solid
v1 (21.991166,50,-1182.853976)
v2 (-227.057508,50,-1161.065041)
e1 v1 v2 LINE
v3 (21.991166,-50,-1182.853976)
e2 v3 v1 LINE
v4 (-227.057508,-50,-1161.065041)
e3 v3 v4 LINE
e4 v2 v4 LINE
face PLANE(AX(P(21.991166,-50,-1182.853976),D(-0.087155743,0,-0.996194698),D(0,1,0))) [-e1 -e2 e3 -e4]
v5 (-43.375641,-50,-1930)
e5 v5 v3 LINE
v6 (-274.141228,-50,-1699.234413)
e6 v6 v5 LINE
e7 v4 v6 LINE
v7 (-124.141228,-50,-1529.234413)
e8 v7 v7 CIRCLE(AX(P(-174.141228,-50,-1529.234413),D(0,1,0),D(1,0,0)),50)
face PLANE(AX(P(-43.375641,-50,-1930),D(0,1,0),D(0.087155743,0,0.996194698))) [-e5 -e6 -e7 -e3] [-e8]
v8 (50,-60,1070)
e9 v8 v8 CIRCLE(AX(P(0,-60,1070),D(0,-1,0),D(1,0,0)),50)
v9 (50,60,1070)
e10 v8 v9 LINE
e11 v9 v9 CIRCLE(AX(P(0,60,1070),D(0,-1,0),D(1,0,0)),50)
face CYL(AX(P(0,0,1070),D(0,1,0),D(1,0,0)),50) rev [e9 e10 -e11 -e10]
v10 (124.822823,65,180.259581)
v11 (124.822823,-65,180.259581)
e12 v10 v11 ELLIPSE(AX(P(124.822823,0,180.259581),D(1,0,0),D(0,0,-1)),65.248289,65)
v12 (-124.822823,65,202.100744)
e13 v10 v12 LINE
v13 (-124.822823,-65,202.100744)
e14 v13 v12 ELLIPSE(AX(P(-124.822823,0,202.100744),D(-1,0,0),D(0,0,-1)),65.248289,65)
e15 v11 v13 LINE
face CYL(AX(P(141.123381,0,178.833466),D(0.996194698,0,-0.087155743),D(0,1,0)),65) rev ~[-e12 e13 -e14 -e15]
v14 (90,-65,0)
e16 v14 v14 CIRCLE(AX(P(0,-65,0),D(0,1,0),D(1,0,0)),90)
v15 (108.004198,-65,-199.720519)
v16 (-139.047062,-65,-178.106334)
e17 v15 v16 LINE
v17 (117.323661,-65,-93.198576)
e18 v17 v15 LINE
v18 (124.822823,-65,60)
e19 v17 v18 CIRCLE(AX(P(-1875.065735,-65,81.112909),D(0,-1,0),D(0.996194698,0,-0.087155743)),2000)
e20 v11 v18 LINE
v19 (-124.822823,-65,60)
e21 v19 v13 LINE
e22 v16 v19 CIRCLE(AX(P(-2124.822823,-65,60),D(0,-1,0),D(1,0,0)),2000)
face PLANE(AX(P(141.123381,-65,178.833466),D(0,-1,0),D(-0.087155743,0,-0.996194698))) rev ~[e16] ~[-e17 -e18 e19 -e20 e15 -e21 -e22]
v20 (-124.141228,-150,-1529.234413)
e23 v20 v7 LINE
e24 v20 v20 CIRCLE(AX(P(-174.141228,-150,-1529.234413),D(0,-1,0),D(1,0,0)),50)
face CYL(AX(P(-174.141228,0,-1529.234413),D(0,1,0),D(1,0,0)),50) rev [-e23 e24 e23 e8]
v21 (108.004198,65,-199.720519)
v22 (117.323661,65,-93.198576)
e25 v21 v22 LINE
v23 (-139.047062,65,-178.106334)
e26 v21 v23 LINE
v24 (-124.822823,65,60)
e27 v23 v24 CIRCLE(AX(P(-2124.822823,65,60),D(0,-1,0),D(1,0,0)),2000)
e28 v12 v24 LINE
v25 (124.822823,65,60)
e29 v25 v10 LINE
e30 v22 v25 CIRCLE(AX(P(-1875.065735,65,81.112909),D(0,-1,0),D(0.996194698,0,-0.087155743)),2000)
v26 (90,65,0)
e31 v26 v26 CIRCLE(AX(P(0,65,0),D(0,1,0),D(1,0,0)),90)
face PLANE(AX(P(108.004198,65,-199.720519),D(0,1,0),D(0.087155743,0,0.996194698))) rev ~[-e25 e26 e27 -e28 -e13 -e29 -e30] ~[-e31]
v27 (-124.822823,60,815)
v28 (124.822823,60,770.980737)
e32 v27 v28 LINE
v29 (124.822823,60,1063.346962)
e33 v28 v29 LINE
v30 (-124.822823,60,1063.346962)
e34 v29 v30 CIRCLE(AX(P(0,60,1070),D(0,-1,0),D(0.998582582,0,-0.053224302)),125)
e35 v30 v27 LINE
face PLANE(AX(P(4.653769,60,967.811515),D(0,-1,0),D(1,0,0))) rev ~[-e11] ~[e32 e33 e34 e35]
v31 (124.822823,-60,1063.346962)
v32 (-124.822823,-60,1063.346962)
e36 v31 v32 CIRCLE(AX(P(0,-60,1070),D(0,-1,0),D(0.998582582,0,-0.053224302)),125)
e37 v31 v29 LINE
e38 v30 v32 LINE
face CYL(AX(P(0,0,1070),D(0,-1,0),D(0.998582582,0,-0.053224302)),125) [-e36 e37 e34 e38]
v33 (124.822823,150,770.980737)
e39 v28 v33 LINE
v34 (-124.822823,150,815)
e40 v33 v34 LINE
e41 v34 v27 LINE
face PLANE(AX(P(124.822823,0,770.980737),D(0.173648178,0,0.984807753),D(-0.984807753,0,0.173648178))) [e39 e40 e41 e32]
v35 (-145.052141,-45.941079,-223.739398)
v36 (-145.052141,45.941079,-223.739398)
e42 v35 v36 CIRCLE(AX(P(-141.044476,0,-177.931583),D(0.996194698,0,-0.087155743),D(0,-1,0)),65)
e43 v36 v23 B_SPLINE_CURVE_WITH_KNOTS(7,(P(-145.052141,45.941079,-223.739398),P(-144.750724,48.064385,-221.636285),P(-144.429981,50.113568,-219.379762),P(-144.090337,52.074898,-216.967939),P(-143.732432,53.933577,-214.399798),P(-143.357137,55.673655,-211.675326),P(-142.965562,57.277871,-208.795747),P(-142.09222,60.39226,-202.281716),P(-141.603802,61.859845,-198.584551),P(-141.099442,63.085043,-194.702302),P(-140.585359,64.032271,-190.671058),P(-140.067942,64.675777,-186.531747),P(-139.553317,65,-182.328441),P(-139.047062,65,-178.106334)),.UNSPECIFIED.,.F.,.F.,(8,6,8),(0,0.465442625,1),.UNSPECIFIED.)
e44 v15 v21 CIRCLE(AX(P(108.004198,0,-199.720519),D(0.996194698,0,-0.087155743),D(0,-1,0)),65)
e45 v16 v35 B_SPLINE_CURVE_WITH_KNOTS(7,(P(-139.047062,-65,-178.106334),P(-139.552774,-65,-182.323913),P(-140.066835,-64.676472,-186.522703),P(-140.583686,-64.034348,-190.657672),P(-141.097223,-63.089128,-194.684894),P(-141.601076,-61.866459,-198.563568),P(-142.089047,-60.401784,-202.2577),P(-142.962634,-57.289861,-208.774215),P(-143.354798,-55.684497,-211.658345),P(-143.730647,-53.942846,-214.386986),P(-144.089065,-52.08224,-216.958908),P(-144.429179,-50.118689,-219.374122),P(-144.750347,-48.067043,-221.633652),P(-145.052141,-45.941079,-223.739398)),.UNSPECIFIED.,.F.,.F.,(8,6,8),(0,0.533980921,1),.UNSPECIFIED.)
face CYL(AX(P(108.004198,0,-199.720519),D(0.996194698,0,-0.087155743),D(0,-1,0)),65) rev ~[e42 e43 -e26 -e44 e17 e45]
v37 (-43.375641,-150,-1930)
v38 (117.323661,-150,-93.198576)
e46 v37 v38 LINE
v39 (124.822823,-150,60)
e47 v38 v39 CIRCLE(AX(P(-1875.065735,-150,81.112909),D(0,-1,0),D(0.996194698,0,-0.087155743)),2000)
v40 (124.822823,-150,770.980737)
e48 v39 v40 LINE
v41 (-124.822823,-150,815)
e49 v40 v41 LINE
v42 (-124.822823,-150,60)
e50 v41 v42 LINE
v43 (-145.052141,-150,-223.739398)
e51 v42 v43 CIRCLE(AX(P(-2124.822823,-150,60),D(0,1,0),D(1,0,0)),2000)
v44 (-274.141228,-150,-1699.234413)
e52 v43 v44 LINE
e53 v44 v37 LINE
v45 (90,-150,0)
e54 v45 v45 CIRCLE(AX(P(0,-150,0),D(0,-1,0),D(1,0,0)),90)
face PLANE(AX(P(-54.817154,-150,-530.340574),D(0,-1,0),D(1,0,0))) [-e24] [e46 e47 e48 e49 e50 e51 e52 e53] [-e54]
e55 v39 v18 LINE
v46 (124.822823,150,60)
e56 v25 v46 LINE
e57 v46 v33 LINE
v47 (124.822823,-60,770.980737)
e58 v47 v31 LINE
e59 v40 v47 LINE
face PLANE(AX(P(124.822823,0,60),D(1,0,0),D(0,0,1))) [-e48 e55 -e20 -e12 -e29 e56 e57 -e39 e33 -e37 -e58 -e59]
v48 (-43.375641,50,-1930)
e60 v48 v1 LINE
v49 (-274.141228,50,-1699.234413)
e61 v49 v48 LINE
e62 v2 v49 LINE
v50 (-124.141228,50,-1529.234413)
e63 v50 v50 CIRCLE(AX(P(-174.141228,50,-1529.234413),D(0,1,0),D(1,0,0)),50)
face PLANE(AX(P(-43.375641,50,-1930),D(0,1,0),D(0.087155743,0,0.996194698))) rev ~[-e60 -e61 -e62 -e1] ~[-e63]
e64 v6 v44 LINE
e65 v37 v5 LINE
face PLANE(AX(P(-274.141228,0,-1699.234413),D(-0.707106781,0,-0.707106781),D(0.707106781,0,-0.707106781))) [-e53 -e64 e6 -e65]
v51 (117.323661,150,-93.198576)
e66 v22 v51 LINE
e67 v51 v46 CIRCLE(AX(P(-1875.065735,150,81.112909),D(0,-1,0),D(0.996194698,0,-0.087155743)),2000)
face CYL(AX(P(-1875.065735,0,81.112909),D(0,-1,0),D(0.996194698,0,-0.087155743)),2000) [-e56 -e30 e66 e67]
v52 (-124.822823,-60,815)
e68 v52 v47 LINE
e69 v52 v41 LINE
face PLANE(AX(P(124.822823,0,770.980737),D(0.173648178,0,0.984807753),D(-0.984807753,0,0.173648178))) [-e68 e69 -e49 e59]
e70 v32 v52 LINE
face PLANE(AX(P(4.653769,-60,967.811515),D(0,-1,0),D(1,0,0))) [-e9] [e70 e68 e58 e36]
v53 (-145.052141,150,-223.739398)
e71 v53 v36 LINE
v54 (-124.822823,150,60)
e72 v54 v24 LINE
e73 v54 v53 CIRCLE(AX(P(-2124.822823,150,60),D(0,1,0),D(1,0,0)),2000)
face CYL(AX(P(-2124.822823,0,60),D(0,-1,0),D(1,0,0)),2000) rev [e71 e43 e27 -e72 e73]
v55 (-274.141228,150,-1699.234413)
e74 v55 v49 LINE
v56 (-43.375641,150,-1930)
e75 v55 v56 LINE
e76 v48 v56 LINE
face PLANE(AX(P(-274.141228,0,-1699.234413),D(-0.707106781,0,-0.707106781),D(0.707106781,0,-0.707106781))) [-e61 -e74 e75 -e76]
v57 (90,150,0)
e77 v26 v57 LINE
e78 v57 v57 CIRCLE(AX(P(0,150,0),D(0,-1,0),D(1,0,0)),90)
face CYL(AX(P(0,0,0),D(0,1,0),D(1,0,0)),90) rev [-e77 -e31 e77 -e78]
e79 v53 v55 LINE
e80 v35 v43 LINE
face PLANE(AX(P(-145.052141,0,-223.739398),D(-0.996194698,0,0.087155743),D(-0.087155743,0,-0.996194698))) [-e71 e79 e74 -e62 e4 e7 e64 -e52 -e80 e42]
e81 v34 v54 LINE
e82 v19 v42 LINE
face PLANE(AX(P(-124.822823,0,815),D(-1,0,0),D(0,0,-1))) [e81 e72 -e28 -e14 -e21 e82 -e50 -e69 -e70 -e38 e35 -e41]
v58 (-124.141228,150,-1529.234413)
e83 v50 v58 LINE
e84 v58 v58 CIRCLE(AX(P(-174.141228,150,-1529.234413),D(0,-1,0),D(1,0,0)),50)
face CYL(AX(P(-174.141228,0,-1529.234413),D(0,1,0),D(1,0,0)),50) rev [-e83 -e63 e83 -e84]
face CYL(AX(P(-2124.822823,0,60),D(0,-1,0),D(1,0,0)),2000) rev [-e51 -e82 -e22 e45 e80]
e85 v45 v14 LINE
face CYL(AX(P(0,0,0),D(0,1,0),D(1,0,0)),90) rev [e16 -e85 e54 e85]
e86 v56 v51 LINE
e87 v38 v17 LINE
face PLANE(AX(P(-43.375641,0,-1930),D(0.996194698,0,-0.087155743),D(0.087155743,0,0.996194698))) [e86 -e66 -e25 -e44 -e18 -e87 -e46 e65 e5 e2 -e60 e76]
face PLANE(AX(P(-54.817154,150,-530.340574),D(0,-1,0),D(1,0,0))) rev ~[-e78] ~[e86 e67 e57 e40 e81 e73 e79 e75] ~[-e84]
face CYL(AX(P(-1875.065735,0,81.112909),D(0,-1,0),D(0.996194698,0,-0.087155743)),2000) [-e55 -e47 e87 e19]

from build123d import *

# Parameters (mm, degrees)
F0_R     = 50
F0_R_2   = 90
F1_DEPTH = 150
F2_DEPTH = 60
F3_W     = 100
F3_H     = 750
F4_DEPTH = 502.2501499836


with BuildPart() as f1:
    # F0 (on Front) → F1 (new body, symmetric)
    with BuildSketch(Plane.XZ):
        with BuildLine():
            Line((124.8228227847, 770.9807370697), (-124.8228227847, 815))
            Line((-124.8228227847, 815), (-124.8228227847, 60))
            ThreePointArc((-124.8228227847, 60), (-129.8865626035, -82.2298063502), (-145.0521405991, -223.7393979666))
            Line((-145.0521405991, -223.7393979666), (-274.1412275364, -1699.2344133757))
            Line((-274.1412275364, -1699.2344133757), (-43.3756409121, -1930))
            Line((-43.3756409121, -1930), (117.3236608062, -93.1985763421))
            ThreePointArc((117.3236608062, -93.1985763421), (122.5424011541, -16.6712044007), (124.8228227847, 60))
            Line((124.8228227847, 60), (124.8228227847, 770.9807370697))
        make_face()
        with Locations((-174.1412275364, -1529.2344133757)):
            Circle(F0_R, mode=Mode.SUBTRACT)
        Circle(F0_R_2, mode=Mode.SUBTRACT)
    extrude(amount=F1_DEPTH, both=True)

    # F0 (on Front) → F2 (join, symmetric)
    with BuildSketch(Plane.XZ):
        with BuildLine():
            ThreePointArc((124.8228227847, 1063.346962193), (0, 1195), (-124.8228227847, 1063.346962193))
            Line((-124.8228227847, 1063.346962193), (-124.8228227847, 815))
            Line((-124.8228227847, 815), (124.8228227847, 770.9807370697))
            Line((124.8228227847, 770.9807370697), (124.8228227847, 1063.346962193))
        make_face()
        with Locations((0, 1070)):
            Circle(F0_R, mode=Mode.SUBTRACT)
    extrude(amount=F2_DEPTH, both=True)

    # F3 (on face) → F4 (cut, through all)
    with BuildSketch(Plane(origin=(124.5243372615, 0, -10.8944678435), x_dir=(0, 1, 0), z_dir=(0.9961946981, 0, -0.0871557427))):
        with BuildLine():
            Line((65, -82.6184968222), (65, 190.4526642196))
            ThreePointArc((65, 190.4526642196), (0, 255.4526642196), (-65, 190.4526642196))
            Line((-65, 190.4526642196), (-65, -82.6184968222))
            Line((-65, -82.6184968222), (65, -82.6184968222))
        make_face()
        with BuildLine():
            Line((65, -189.5473357804), (65, -82.6184968222))
            Line((65, -82.6184968222), (-65, -82.6184968222))
            Line((-65, -82.6184968222), (-65, -189.5473357804))
            ThreePointArc((-65, -189.5473357804), (0, -254.5473357804), (65, -189.5473357804))
        make_face()
        with Locations((0, -1551.4362035179)):
            Rectangle(F3_W, F3_H)
    extrude(amount=-F4_DEPTH, mode=Mode.SUBTRACT)


solid = f1.part
